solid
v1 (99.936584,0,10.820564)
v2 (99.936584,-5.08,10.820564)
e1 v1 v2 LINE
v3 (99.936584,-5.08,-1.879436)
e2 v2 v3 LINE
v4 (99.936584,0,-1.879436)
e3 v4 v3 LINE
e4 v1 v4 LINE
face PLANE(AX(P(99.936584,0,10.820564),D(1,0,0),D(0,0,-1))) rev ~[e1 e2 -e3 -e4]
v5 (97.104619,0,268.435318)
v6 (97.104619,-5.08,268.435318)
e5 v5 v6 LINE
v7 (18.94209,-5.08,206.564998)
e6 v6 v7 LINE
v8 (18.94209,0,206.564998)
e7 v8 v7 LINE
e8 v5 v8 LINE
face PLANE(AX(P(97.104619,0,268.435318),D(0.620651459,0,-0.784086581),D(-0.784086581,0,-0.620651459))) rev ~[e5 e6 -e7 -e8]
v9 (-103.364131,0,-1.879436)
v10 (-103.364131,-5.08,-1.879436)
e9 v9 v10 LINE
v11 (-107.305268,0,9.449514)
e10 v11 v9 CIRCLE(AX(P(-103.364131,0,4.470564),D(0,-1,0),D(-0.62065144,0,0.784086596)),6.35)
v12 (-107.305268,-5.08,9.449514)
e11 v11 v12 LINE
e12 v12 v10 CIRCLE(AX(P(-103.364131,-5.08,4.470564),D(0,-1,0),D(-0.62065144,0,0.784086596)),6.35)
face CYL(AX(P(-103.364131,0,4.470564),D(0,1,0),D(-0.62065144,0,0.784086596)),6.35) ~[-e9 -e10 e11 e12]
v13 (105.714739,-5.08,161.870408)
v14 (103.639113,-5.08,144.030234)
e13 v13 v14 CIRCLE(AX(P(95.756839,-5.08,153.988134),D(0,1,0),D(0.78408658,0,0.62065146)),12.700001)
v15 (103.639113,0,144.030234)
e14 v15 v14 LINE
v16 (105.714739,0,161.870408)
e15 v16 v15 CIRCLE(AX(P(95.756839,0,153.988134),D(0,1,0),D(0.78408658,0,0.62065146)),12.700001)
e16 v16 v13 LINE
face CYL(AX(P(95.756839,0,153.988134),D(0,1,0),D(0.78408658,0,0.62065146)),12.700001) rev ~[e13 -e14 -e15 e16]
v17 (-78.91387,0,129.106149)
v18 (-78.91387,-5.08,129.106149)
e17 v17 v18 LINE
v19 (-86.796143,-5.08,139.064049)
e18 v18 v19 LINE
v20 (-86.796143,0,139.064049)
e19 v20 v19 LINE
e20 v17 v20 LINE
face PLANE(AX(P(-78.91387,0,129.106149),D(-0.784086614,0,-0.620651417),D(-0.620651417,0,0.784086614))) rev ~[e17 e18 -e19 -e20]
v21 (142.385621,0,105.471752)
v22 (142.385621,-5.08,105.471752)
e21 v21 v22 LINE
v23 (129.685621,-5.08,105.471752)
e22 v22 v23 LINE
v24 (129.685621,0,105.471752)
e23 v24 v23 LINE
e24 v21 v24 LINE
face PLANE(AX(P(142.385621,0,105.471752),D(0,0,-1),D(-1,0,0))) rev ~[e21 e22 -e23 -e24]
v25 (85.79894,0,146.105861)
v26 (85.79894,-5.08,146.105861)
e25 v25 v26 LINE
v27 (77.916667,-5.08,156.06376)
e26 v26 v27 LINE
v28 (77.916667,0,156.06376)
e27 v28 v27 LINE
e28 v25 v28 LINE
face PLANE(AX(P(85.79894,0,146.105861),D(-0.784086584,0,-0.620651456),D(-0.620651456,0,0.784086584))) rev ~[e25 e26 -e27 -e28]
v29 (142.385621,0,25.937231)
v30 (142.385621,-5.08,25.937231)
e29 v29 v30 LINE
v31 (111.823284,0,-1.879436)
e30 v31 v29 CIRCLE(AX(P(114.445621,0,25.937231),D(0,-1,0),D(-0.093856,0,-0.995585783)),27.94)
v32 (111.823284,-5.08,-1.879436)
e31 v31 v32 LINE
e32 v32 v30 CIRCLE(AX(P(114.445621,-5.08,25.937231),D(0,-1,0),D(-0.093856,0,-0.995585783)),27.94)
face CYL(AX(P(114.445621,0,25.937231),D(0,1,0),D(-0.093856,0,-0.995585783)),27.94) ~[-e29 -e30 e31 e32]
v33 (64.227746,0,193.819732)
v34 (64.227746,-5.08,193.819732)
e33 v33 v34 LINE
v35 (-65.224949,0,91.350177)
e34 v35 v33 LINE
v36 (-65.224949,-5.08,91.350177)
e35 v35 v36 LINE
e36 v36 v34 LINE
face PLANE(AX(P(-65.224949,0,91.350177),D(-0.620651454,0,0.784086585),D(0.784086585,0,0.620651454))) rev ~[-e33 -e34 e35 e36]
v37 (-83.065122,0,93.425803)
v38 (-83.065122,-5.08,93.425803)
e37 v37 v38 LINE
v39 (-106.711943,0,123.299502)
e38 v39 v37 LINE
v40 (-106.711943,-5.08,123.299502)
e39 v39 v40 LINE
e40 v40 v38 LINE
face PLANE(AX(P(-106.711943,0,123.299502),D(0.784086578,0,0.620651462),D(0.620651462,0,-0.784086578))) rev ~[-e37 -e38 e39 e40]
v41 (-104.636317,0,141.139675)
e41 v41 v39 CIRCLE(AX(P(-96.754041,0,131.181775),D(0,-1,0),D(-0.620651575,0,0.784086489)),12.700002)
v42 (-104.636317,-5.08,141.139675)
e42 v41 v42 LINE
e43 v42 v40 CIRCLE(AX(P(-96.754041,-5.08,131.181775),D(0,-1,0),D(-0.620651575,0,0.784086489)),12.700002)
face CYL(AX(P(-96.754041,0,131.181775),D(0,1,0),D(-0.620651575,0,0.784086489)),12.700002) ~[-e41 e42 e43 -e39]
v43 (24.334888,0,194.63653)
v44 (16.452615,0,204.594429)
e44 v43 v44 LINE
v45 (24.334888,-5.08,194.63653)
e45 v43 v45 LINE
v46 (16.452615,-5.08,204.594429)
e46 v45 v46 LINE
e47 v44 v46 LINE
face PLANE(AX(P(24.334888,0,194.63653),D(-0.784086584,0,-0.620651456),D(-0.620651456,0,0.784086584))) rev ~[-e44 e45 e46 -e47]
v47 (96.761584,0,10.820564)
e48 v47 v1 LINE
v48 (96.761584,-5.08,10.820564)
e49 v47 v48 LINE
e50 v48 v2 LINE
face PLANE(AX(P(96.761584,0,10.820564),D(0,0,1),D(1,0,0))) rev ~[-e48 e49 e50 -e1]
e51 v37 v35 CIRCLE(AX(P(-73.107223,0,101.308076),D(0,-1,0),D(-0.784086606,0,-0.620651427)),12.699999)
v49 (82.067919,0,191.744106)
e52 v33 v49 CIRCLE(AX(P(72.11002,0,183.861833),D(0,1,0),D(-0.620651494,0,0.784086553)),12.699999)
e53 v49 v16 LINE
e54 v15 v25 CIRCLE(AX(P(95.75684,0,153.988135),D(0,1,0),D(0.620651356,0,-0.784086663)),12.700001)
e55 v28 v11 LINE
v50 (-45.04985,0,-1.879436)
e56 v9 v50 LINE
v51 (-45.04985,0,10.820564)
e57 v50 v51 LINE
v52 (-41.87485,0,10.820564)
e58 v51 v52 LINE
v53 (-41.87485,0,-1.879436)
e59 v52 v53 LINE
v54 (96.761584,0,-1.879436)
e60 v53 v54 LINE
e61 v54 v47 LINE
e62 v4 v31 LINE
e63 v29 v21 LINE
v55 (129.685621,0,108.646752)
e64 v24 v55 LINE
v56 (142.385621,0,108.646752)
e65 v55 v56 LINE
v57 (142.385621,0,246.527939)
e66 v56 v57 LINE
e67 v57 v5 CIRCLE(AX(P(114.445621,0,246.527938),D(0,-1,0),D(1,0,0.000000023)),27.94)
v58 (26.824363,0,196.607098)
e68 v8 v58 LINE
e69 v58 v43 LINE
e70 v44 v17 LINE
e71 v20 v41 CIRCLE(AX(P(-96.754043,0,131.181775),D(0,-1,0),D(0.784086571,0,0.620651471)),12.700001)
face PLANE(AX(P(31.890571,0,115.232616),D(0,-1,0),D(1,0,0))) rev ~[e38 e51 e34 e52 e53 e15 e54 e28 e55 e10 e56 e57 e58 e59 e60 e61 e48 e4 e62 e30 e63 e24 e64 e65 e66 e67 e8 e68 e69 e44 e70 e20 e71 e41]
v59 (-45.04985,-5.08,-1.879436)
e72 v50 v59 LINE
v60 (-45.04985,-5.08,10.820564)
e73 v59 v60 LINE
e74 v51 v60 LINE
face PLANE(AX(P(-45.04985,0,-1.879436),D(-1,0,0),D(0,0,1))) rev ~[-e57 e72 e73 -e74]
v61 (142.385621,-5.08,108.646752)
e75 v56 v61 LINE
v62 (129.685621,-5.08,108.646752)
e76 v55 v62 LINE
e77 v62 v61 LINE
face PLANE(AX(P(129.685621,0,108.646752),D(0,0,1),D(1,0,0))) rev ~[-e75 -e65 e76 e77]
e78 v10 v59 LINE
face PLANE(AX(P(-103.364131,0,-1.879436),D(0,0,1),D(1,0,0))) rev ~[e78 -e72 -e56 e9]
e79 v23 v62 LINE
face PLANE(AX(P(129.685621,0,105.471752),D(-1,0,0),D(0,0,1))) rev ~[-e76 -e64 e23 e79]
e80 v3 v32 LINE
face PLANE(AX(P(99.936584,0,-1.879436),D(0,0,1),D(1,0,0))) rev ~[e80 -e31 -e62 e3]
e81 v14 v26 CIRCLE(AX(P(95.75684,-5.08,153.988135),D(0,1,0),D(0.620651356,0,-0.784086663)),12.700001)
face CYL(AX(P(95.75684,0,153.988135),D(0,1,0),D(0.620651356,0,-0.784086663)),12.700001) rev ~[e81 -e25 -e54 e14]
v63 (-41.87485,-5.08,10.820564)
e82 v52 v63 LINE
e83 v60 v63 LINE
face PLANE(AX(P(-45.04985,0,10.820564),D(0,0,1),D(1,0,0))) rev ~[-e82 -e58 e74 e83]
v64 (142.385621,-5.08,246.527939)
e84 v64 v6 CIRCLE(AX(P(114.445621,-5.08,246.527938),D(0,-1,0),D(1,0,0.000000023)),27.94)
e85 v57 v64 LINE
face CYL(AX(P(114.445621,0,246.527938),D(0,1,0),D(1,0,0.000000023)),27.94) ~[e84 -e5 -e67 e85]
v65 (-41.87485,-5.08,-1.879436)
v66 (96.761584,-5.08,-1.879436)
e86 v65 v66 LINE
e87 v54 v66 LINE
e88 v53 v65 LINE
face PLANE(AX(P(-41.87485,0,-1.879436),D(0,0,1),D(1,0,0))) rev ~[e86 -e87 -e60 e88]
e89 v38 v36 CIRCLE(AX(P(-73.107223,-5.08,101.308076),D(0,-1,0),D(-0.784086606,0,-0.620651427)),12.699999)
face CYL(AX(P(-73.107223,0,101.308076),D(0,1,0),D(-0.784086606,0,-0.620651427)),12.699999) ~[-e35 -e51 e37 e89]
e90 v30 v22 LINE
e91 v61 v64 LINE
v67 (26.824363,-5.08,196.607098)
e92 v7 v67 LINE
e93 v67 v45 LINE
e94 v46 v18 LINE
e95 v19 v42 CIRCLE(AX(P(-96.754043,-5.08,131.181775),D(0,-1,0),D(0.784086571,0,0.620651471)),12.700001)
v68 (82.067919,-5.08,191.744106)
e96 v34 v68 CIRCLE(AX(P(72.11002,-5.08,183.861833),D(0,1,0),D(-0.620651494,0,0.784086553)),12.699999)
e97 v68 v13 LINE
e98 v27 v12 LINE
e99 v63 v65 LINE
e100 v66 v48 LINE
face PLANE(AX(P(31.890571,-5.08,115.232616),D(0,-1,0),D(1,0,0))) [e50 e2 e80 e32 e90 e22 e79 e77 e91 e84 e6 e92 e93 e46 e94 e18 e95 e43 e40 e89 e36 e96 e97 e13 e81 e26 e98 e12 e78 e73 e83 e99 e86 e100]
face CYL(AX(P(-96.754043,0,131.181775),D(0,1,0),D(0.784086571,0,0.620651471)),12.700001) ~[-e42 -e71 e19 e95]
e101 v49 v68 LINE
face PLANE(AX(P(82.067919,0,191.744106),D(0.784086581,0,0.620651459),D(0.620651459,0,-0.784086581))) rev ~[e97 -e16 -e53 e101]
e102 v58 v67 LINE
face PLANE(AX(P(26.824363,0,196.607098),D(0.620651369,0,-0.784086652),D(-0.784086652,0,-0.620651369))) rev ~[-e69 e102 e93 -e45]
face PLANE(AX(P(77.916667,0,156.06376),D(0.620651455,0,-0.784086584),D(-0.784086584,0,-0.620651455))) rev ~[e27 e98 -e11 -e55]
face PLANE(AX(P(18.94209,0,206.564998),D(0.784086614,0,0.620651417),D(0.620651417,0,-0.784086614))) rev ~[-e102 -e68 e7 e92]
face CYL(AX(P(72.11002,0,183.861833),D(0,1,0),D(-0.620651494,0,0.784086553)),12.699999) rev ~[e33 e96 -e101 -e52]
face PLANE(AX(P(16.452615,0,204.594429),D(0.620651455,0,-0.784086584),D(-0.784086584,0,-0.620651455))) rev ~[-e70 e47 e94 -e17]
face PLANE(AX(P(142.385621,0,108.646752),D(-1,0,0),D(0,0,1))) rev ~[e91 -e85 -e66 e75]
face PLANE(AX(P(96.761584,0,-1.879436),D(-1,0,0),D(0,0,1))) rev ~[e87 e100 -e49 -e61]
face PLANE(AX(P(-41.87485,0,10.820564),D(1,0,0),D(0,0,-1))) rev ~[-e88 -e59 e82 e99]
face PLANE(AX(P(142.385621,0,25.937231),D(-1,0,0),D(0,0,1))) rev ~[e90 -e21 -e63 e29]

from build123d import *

# Parameters (mm, degrees)
F1_DEPTH = 5.08


with BuildPart() as f1:
    # F0 (on Front) → F1 (new body)
    with BuildSketch(Plane.XZ):
        with BuildLine():
            Line((-78.91387, 129.106149), (-86.796143, 139.064049))
            ThreePointArc((-86.796143, 139.064049), (-95.286354, 143.796683), (-104.636317, 141.139675))
            ThreePointArc((-104.636317, 141.139675), (-109.36895, 132.649465), (-106.711943, 123.299502))
            Line((-106.711943, 123.299502), (-83.065122, 93.425803))
            ThreePointArc((-83.065122, 93.425803), (-74.574912, 88.693169), (-65.224949, 91.350177))
            Line((-65.224949, 91.350177), (64.227746, 193.819732))
            ThreePointArc((64.227746, 193.819732), (73.577709, 196.47674), (82.067919, 191.744106))
            Line((82.067919, 191.744106), (105.714739, 161.870408))
            ThreePointArc((105.714739, 161.870408), (108.371747, 152.520445), (103.639113, 144.030234))
            ThreePointArc((103.639113, 144.030234), (94.289151, 141.373227), (85.79894, 146.105861))
            Line((85.79894, 146.105861), (77.916667, 156.06376))
            Line((77.916667, 156.06376), (-107.305268, 9.449514))
            ThreePointArc((-107.305268, 9.449514), (-109.361582, 2.384159), (-103.364131, -1.879436))
            Line((-103.364131, -1.879436), (-45.04985, -1.879436))
            Line((-45.04985, -1.879436), (-45.04985, 10.820564))
            Line((-45.04985, 10.820564), (-41.87485, 10.820564))
            Line((-41.87485, 10.820564), (-41.87485, -1.879436))
            Line((-41.87485, -1.879436), (96.761584, -1.879436))
            Line((96.761584, -1.879436), (96.761584, 10.820564))
            Line((96.761584, 10.820564), (99.936584, 10.820564))
            Line((99.936584, 10.820564), (99.936584, -1.879436))
            Line((99.936584, -1.879436), (111.823284, -1.879436))
            ThreePointArc((111.823284, -1.879436), (133.252209, 5.274321), (142.385621, 25.937231))
            Line((142.385621, 25.937231), (142.385621, 105.471752))
            Line((142.385621, 105.471752), (129.685621, 105.471752))
            Line((129.685621, 105.471752), (129.685621, 108.646752))
            Line((129.685621, 108.646752), (142.385621, 108.646752))
            Line((142.385621, 108.646752), (142.385621, 246.527939))
            ThreePointArc((142.385621, 246.527939), (126.613941, 271.678994), (97.104619, 268.435318))
            Line((97.104619, 268.435318), (18.94209, 206.564998))
            Line((18.94209, 206.564998), (26.824363, 196.607098))
            Line((26.824363, 196.607098), (24.334888, 194.63653))
            Line((24.334888, 194.63653), (16.452615, 204.594429))
            Line((16.452615, 204.594429), (-78.91387, 129.106149))
        make_face()
    extrude(amount=F1_DEPTH)


solid = f1.part
